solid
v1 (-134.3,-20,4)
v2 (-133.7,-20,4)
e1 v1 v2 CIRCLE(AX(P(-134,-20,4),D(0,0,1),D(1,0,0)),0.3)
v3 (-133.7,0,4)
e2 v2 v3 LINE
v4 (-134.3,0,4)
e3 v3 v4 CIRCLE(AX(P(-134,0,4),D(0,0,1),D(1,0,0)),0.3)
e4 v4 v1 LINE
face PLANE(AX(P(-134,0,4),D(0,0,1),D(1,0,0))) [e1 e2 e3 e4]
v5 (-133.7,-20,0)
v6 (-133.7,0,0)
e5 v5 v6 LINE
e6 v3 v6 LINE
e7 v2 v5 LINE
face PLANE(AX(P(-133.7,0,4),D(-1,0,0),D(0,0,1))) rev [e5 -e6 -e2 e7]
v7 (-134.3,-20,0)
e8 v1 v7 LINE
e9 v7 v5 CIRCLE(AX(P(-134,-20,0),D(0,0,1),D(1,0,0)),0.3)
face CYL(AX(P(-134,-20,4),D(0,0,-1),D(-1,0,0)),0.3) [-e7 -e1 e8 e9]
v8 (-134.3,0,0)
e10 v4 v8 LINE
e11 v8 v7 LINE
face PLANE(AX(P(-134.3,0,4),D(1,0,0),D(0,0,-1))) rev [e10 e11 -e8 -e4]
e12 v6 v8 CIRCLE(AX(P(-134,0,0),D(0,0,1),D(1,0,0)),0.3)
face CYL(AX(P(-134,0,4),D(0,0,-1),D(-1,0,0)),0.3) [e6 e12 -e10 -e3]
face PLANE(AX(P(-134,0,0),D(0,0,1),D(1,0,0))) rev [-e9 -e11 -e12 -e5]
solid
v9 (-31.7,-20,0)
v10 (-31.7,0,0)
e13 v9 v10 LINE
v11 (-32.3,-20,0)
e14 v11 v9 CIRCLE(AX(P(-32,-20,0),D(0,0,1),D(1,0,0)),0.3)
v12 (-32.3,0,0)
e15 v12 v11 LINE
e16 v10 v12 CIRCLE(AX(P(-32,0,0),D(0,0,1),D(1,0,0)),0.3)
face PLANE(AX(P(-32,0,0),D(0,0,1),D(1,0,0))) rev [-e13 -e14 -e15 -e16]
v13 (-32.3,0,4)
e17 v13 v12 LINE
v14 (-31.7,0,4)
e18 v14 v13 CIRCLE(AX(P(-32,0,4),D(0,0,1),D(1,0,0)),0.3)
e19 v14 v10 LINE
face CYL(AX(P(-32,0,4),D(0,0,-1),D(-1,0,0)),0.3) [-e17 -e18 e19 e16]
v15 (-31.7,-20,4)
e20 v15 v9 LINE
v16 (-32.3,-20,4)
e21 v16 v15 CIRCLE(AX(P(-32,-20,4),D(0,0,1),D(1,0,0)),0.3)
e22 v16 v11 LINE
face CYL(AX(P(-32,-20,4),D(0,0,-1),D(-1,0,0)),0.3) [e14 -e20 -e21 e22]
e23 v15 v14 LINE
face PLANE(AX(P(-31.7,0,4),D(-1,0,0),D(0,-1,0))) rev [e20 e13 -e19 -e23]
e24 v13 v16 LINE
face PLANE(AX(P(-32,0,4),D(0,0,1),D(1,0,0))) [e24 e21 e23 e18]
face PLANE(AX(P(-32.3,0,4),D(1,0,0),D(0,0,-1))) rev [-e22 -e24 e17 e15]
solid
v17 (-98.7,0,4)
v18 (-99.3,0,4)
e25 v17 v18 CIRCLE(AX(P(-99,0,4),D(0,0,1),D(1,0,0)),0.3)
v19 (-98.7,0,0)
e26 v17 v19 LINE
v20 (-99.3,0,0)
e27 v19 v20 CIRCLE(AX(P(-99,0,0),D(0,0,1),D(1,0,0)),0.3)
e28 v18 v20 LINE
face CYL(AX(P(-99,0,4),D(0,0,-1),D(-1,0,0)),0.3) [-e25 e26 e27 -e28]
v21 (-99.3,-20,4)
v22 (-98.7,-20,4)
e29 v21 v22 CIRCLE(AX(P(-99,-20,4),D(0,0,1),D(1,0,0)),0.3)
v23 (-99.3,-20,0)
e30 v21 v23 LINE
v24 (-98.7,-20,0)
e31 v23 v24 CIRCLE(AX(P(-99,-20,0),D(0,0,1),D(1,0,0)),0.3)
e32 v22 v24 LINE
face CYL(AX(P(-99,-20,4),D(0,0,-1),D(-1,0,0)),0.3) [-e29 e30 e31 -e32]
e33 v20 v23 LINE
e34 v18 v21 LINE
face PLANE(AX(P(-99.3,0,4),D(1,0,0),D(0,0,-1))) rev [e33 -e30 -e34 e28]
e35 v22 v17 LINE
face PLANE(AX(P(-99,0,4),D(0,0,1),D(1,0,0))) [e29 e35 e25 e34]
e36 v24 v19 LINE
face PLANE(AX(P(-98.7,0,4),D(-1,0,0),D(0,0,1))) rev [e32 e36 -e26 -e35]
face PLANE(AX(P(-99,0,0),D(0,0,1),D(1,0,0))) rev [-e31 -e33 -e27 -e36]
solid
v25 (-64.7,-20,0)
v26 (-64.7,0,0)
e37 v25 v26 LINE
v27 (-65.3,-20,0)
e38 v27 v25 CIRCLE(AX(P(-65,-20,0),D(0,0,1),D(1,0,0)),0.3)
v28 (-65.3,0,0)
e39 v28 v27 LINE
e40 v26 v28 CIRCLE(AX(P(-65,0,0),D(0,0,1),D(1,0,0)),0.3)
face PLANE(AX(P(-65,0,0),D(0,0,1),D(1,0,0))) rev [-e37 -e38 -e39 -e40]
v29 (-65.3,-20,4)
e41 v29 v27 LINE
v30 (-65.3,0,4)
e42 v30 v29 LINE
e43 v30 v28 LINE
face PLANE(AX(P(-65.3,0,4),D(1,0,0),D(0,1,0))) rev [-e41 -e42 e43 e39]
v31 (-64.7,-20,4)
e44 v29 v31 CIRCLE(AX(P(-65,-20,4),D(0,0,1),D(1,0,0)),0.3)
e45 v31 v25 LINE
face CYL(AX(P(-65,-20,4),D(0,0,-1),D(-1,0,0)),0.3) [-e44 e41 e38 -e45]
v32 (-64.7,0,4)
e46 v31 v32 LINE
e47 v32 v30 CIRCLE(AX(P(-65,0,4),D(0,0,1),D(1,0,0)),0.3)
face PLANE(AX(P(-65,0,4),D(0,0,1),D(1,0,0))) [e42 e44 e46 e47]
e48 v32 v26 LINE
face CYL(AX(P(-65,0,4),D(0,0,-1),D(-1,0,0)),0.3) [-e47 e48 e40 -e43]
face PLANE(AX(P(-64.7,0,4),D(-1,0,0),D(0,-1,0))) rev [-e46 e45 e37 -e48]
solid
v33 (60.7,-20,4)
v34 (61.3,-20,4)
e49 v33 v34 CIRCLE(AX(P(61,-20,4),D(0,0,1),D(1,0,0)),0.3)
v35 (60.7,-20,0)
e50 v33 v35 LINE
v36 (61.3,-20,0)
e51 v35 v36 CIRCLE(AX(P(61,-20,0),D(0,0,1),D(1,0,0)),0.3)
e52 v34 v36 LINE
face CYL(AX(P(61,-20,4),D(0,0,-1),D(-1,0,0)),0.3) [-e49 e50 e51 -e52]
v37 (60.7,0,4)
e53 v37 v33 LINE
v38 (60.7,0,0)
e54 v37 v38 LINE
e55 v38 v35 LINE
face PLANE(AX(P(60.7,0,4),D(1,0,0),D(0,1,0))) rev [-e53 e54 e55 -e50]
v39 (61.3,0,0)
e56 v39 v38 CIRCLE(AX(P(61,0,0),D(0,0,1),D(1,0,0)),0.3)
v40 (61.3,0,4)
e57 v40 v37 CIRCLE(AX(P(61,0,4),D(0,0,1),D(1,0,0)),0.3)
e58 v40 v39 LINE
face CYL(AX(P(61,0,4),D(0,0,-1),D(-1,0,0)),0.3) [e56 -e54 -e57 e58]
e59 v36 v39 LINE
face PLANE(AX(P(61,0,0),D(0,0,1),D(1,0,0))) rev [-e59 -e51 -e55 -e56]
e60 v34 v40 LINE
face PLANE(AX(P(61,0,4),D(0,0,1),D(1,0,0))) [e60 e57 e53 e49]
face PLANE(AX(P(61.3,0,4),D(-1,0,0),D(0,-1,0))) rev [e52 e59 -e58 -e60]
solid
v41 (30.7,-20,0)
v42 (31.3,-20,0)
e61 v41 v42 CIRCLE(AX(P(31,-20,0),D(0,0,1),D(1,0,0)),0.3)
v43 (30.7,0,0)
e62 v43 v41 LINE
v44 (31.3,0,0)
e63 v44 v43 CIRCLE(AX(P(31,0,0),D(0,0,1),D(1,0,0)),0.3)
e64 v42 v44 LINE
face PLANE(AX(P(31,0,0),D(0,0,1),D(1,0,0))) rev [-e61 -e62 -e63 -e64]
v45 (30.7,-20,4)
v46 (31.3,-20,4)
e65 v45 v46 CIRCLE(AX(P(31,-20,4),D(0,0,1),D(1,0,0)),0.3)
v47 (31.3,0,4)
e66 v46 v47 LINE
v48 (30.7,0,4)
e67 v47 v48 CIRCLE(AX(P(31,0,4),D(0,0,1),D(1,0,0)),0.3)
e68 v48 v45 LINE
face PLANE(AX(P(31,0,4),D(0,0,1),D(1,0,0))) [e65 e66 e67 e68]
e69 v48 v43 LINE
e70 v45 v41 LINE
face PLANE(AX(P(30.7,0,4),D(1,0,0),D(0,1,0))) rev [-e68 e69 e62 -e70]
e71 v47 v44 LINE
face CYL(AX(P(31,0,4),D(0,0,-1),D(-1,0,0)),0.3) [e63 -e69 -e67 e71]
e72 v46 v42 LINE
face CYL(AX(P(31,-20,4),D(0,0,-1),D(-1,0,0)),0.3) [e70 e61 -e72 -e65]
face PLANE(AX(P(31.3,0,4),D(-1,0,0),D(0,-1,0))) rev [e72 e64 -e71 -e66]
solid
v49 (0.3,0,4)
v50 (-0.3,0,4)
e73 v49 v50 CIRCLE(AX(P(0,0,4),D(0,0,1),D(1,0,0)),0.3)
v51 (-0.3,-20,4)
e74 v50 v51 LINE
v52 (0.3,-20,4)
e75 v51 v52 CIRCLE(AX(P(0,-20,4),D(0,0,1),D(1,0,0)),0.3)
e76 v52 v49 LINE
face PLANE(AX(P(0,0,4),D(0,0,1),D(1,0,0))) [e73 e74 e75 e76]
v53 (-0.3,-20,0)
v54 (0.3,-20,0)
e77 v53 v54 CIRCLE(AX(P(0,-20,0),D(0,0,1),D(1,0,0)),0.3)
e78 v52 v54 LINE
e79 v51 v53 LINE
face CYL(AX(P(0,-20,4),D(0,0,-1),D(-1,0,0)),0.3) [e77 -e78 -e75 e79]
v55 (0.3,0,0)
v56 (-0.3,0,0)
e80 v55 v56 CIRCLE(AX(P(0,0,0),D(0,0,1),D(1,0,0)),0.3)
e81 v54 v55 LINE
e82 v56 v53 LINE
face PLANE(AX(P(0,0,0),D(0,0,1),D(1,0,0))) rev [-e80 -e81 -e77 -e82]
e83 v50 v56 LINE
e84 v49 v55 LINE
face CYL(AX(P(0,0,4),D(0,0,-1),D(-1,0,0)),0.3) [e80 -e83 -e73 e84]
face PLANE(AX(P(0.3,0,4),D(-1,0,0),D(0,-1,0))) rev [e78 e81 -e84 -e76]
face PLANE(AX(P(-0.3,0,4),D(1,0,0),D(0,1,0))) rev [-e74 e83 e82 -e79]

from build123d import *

# Parameters (mm, degrees)
BOSS_EXTRUDE1_DEPTH   = 4
BOSS_EXTRUDE1_2_DEPTH = 4
BOSS_EXTRUDE1_3_DEPTH = 4
BOSS_EXTRUDE1_4_DEPTH = 4
BOSS_EXTRUDE1_5_DEPTH = 4
BOSS_EXTRUDE1_6_DEPTH = 4
BOSS_EXTRUDE1_7_DEPTH = 4


with BuildPart() as part:
    # Sketch1 → Boss-Extrude1 (new body)
    with BuildSketch(Plane.XY):
        with BuildLine():
            Line((0.3, 0), (0.3, -20))
            ThreePointArc((0.3, -20), (0, -20.3), (-0.3, -20))
            Line((-0.3, -20), (-0.3, 0))
            ThreePointArc((-0.3, 0), (0, 0.3), (0.3, 0))
        make_face()
    extrude(amount=BOSS_EXTRUDE1_DEPTH)


with BuildPart() as body_2:
    # Sketch1 → Boss-Extrude1 2 (new body)
    with BuildSketch(Plane.XY):
        with BuildLine():
            Line((61.3, 0), (61.3, -20))
            ThreePointArc((61.3, -20), (61, -20.3), (60.7, -20))
            Line((60.7, -20), (60.7, 0))
            ThreePointArc((60.7, 0), (61, 0.3), (61.3, 0))
        make_face()
    extrude(amount=BOSS_EXTRUDE1_2_DEPTH)


with BuildPart() as body_3:
    # Sketch1 → Boss-Extrude1 3 (new body)
    with BuildSketch(Plane.XY):
        with BuildLine():
            Line((31.3, 0), (31.3, -20))
            ThreePointArc((31.3, -20), (31, -20.3), (30.7, -20))
            Line((30.7, -20), (30.7, 0))
            ThreePointArc((30.7, 0), (31, 0.3), (31.3, 0))
        make_face()
    extrude(amount=BOSS_EXTRUDE1_3_DEPTH)


with BuildPart() as body_4:
    # Sketch1 → Boss-Extrude1 4 (new body)
    with BuildSketch(Plane.XY):
        with BuildLine():
            Line((-31.7, 0), (-31.7, -20))
            ThreePointArc((-31.7, -20), (-32, -20.3), (-32.3, -20))
            Line((-32.3, -20), (-32.3, 0))
            ThreePointArc((-32.3, 0), (-32, 0.3), (-31.7, 0))
        make_face()
    extrude(amount=BOSS_EXTRUDE1_4_DEPTH)


with BuildPart() as body_5:
    # Sketch1 → Boss-Extrude1 5 (new body)
    with BuildSketch(Plane.XY):
        with BuildLine():
            Line((-64.7, 0), (-64.7, -20))
            ThreePointArc((-64.7, -20), (-65, -20.3), (-65.3, -20))
            Line((-65.3, -20), (-65.3, 0))
            ThreePointArc((-65.3, 0), (-65, 0.3), (-64.7, 0))
        make_face()
    extrude(amount=BOSS_EXTRUDE1_5_DEPTH)


with BuildPart() as body_6:
    # Sketch1 → Boss-Extrude1 6 (new body)
    with BuildSketch(Plane.XY):
        with BuildLine():
            Line((-98.7, 0), (-98.7, -20))
            ThreePointArc((-98.7, -20), (-99, -20.3), (-99.3, -20))
            Line((-99.3, -20), (-99.3, 0))
            ThreePointArc((-99.3, 0), (-99, 0.3), (-98.7, 0))
        make_face()
    extrude(amount=BOSS_EXTRUDE1_6_DEPTH)


with BuildPart() as body_7:
    # Sketch1 → Boss-Extrude1 7 (new body)
    with BuildSketch(Plane.XY):
        with BuildLine():
            Line((-133.7, 0), (-133.7, -20))
            ThreePointArc((-133.7, -20), (-134, -20.3), (-134.3, -20))
            Line((-134.3, -20), (-134.3, 0))
            ThreePointArc((-134.3, 0), (-134, 0.3), (-133.7, 0))
        make_face()
    extrude(amount=BOSS_EXTRUDE1_7_DEPTH)


solid = Compound([part.part, body_2.part, body_3.part, body_4.part, body_5.part, body_6.part, body_7.part])
